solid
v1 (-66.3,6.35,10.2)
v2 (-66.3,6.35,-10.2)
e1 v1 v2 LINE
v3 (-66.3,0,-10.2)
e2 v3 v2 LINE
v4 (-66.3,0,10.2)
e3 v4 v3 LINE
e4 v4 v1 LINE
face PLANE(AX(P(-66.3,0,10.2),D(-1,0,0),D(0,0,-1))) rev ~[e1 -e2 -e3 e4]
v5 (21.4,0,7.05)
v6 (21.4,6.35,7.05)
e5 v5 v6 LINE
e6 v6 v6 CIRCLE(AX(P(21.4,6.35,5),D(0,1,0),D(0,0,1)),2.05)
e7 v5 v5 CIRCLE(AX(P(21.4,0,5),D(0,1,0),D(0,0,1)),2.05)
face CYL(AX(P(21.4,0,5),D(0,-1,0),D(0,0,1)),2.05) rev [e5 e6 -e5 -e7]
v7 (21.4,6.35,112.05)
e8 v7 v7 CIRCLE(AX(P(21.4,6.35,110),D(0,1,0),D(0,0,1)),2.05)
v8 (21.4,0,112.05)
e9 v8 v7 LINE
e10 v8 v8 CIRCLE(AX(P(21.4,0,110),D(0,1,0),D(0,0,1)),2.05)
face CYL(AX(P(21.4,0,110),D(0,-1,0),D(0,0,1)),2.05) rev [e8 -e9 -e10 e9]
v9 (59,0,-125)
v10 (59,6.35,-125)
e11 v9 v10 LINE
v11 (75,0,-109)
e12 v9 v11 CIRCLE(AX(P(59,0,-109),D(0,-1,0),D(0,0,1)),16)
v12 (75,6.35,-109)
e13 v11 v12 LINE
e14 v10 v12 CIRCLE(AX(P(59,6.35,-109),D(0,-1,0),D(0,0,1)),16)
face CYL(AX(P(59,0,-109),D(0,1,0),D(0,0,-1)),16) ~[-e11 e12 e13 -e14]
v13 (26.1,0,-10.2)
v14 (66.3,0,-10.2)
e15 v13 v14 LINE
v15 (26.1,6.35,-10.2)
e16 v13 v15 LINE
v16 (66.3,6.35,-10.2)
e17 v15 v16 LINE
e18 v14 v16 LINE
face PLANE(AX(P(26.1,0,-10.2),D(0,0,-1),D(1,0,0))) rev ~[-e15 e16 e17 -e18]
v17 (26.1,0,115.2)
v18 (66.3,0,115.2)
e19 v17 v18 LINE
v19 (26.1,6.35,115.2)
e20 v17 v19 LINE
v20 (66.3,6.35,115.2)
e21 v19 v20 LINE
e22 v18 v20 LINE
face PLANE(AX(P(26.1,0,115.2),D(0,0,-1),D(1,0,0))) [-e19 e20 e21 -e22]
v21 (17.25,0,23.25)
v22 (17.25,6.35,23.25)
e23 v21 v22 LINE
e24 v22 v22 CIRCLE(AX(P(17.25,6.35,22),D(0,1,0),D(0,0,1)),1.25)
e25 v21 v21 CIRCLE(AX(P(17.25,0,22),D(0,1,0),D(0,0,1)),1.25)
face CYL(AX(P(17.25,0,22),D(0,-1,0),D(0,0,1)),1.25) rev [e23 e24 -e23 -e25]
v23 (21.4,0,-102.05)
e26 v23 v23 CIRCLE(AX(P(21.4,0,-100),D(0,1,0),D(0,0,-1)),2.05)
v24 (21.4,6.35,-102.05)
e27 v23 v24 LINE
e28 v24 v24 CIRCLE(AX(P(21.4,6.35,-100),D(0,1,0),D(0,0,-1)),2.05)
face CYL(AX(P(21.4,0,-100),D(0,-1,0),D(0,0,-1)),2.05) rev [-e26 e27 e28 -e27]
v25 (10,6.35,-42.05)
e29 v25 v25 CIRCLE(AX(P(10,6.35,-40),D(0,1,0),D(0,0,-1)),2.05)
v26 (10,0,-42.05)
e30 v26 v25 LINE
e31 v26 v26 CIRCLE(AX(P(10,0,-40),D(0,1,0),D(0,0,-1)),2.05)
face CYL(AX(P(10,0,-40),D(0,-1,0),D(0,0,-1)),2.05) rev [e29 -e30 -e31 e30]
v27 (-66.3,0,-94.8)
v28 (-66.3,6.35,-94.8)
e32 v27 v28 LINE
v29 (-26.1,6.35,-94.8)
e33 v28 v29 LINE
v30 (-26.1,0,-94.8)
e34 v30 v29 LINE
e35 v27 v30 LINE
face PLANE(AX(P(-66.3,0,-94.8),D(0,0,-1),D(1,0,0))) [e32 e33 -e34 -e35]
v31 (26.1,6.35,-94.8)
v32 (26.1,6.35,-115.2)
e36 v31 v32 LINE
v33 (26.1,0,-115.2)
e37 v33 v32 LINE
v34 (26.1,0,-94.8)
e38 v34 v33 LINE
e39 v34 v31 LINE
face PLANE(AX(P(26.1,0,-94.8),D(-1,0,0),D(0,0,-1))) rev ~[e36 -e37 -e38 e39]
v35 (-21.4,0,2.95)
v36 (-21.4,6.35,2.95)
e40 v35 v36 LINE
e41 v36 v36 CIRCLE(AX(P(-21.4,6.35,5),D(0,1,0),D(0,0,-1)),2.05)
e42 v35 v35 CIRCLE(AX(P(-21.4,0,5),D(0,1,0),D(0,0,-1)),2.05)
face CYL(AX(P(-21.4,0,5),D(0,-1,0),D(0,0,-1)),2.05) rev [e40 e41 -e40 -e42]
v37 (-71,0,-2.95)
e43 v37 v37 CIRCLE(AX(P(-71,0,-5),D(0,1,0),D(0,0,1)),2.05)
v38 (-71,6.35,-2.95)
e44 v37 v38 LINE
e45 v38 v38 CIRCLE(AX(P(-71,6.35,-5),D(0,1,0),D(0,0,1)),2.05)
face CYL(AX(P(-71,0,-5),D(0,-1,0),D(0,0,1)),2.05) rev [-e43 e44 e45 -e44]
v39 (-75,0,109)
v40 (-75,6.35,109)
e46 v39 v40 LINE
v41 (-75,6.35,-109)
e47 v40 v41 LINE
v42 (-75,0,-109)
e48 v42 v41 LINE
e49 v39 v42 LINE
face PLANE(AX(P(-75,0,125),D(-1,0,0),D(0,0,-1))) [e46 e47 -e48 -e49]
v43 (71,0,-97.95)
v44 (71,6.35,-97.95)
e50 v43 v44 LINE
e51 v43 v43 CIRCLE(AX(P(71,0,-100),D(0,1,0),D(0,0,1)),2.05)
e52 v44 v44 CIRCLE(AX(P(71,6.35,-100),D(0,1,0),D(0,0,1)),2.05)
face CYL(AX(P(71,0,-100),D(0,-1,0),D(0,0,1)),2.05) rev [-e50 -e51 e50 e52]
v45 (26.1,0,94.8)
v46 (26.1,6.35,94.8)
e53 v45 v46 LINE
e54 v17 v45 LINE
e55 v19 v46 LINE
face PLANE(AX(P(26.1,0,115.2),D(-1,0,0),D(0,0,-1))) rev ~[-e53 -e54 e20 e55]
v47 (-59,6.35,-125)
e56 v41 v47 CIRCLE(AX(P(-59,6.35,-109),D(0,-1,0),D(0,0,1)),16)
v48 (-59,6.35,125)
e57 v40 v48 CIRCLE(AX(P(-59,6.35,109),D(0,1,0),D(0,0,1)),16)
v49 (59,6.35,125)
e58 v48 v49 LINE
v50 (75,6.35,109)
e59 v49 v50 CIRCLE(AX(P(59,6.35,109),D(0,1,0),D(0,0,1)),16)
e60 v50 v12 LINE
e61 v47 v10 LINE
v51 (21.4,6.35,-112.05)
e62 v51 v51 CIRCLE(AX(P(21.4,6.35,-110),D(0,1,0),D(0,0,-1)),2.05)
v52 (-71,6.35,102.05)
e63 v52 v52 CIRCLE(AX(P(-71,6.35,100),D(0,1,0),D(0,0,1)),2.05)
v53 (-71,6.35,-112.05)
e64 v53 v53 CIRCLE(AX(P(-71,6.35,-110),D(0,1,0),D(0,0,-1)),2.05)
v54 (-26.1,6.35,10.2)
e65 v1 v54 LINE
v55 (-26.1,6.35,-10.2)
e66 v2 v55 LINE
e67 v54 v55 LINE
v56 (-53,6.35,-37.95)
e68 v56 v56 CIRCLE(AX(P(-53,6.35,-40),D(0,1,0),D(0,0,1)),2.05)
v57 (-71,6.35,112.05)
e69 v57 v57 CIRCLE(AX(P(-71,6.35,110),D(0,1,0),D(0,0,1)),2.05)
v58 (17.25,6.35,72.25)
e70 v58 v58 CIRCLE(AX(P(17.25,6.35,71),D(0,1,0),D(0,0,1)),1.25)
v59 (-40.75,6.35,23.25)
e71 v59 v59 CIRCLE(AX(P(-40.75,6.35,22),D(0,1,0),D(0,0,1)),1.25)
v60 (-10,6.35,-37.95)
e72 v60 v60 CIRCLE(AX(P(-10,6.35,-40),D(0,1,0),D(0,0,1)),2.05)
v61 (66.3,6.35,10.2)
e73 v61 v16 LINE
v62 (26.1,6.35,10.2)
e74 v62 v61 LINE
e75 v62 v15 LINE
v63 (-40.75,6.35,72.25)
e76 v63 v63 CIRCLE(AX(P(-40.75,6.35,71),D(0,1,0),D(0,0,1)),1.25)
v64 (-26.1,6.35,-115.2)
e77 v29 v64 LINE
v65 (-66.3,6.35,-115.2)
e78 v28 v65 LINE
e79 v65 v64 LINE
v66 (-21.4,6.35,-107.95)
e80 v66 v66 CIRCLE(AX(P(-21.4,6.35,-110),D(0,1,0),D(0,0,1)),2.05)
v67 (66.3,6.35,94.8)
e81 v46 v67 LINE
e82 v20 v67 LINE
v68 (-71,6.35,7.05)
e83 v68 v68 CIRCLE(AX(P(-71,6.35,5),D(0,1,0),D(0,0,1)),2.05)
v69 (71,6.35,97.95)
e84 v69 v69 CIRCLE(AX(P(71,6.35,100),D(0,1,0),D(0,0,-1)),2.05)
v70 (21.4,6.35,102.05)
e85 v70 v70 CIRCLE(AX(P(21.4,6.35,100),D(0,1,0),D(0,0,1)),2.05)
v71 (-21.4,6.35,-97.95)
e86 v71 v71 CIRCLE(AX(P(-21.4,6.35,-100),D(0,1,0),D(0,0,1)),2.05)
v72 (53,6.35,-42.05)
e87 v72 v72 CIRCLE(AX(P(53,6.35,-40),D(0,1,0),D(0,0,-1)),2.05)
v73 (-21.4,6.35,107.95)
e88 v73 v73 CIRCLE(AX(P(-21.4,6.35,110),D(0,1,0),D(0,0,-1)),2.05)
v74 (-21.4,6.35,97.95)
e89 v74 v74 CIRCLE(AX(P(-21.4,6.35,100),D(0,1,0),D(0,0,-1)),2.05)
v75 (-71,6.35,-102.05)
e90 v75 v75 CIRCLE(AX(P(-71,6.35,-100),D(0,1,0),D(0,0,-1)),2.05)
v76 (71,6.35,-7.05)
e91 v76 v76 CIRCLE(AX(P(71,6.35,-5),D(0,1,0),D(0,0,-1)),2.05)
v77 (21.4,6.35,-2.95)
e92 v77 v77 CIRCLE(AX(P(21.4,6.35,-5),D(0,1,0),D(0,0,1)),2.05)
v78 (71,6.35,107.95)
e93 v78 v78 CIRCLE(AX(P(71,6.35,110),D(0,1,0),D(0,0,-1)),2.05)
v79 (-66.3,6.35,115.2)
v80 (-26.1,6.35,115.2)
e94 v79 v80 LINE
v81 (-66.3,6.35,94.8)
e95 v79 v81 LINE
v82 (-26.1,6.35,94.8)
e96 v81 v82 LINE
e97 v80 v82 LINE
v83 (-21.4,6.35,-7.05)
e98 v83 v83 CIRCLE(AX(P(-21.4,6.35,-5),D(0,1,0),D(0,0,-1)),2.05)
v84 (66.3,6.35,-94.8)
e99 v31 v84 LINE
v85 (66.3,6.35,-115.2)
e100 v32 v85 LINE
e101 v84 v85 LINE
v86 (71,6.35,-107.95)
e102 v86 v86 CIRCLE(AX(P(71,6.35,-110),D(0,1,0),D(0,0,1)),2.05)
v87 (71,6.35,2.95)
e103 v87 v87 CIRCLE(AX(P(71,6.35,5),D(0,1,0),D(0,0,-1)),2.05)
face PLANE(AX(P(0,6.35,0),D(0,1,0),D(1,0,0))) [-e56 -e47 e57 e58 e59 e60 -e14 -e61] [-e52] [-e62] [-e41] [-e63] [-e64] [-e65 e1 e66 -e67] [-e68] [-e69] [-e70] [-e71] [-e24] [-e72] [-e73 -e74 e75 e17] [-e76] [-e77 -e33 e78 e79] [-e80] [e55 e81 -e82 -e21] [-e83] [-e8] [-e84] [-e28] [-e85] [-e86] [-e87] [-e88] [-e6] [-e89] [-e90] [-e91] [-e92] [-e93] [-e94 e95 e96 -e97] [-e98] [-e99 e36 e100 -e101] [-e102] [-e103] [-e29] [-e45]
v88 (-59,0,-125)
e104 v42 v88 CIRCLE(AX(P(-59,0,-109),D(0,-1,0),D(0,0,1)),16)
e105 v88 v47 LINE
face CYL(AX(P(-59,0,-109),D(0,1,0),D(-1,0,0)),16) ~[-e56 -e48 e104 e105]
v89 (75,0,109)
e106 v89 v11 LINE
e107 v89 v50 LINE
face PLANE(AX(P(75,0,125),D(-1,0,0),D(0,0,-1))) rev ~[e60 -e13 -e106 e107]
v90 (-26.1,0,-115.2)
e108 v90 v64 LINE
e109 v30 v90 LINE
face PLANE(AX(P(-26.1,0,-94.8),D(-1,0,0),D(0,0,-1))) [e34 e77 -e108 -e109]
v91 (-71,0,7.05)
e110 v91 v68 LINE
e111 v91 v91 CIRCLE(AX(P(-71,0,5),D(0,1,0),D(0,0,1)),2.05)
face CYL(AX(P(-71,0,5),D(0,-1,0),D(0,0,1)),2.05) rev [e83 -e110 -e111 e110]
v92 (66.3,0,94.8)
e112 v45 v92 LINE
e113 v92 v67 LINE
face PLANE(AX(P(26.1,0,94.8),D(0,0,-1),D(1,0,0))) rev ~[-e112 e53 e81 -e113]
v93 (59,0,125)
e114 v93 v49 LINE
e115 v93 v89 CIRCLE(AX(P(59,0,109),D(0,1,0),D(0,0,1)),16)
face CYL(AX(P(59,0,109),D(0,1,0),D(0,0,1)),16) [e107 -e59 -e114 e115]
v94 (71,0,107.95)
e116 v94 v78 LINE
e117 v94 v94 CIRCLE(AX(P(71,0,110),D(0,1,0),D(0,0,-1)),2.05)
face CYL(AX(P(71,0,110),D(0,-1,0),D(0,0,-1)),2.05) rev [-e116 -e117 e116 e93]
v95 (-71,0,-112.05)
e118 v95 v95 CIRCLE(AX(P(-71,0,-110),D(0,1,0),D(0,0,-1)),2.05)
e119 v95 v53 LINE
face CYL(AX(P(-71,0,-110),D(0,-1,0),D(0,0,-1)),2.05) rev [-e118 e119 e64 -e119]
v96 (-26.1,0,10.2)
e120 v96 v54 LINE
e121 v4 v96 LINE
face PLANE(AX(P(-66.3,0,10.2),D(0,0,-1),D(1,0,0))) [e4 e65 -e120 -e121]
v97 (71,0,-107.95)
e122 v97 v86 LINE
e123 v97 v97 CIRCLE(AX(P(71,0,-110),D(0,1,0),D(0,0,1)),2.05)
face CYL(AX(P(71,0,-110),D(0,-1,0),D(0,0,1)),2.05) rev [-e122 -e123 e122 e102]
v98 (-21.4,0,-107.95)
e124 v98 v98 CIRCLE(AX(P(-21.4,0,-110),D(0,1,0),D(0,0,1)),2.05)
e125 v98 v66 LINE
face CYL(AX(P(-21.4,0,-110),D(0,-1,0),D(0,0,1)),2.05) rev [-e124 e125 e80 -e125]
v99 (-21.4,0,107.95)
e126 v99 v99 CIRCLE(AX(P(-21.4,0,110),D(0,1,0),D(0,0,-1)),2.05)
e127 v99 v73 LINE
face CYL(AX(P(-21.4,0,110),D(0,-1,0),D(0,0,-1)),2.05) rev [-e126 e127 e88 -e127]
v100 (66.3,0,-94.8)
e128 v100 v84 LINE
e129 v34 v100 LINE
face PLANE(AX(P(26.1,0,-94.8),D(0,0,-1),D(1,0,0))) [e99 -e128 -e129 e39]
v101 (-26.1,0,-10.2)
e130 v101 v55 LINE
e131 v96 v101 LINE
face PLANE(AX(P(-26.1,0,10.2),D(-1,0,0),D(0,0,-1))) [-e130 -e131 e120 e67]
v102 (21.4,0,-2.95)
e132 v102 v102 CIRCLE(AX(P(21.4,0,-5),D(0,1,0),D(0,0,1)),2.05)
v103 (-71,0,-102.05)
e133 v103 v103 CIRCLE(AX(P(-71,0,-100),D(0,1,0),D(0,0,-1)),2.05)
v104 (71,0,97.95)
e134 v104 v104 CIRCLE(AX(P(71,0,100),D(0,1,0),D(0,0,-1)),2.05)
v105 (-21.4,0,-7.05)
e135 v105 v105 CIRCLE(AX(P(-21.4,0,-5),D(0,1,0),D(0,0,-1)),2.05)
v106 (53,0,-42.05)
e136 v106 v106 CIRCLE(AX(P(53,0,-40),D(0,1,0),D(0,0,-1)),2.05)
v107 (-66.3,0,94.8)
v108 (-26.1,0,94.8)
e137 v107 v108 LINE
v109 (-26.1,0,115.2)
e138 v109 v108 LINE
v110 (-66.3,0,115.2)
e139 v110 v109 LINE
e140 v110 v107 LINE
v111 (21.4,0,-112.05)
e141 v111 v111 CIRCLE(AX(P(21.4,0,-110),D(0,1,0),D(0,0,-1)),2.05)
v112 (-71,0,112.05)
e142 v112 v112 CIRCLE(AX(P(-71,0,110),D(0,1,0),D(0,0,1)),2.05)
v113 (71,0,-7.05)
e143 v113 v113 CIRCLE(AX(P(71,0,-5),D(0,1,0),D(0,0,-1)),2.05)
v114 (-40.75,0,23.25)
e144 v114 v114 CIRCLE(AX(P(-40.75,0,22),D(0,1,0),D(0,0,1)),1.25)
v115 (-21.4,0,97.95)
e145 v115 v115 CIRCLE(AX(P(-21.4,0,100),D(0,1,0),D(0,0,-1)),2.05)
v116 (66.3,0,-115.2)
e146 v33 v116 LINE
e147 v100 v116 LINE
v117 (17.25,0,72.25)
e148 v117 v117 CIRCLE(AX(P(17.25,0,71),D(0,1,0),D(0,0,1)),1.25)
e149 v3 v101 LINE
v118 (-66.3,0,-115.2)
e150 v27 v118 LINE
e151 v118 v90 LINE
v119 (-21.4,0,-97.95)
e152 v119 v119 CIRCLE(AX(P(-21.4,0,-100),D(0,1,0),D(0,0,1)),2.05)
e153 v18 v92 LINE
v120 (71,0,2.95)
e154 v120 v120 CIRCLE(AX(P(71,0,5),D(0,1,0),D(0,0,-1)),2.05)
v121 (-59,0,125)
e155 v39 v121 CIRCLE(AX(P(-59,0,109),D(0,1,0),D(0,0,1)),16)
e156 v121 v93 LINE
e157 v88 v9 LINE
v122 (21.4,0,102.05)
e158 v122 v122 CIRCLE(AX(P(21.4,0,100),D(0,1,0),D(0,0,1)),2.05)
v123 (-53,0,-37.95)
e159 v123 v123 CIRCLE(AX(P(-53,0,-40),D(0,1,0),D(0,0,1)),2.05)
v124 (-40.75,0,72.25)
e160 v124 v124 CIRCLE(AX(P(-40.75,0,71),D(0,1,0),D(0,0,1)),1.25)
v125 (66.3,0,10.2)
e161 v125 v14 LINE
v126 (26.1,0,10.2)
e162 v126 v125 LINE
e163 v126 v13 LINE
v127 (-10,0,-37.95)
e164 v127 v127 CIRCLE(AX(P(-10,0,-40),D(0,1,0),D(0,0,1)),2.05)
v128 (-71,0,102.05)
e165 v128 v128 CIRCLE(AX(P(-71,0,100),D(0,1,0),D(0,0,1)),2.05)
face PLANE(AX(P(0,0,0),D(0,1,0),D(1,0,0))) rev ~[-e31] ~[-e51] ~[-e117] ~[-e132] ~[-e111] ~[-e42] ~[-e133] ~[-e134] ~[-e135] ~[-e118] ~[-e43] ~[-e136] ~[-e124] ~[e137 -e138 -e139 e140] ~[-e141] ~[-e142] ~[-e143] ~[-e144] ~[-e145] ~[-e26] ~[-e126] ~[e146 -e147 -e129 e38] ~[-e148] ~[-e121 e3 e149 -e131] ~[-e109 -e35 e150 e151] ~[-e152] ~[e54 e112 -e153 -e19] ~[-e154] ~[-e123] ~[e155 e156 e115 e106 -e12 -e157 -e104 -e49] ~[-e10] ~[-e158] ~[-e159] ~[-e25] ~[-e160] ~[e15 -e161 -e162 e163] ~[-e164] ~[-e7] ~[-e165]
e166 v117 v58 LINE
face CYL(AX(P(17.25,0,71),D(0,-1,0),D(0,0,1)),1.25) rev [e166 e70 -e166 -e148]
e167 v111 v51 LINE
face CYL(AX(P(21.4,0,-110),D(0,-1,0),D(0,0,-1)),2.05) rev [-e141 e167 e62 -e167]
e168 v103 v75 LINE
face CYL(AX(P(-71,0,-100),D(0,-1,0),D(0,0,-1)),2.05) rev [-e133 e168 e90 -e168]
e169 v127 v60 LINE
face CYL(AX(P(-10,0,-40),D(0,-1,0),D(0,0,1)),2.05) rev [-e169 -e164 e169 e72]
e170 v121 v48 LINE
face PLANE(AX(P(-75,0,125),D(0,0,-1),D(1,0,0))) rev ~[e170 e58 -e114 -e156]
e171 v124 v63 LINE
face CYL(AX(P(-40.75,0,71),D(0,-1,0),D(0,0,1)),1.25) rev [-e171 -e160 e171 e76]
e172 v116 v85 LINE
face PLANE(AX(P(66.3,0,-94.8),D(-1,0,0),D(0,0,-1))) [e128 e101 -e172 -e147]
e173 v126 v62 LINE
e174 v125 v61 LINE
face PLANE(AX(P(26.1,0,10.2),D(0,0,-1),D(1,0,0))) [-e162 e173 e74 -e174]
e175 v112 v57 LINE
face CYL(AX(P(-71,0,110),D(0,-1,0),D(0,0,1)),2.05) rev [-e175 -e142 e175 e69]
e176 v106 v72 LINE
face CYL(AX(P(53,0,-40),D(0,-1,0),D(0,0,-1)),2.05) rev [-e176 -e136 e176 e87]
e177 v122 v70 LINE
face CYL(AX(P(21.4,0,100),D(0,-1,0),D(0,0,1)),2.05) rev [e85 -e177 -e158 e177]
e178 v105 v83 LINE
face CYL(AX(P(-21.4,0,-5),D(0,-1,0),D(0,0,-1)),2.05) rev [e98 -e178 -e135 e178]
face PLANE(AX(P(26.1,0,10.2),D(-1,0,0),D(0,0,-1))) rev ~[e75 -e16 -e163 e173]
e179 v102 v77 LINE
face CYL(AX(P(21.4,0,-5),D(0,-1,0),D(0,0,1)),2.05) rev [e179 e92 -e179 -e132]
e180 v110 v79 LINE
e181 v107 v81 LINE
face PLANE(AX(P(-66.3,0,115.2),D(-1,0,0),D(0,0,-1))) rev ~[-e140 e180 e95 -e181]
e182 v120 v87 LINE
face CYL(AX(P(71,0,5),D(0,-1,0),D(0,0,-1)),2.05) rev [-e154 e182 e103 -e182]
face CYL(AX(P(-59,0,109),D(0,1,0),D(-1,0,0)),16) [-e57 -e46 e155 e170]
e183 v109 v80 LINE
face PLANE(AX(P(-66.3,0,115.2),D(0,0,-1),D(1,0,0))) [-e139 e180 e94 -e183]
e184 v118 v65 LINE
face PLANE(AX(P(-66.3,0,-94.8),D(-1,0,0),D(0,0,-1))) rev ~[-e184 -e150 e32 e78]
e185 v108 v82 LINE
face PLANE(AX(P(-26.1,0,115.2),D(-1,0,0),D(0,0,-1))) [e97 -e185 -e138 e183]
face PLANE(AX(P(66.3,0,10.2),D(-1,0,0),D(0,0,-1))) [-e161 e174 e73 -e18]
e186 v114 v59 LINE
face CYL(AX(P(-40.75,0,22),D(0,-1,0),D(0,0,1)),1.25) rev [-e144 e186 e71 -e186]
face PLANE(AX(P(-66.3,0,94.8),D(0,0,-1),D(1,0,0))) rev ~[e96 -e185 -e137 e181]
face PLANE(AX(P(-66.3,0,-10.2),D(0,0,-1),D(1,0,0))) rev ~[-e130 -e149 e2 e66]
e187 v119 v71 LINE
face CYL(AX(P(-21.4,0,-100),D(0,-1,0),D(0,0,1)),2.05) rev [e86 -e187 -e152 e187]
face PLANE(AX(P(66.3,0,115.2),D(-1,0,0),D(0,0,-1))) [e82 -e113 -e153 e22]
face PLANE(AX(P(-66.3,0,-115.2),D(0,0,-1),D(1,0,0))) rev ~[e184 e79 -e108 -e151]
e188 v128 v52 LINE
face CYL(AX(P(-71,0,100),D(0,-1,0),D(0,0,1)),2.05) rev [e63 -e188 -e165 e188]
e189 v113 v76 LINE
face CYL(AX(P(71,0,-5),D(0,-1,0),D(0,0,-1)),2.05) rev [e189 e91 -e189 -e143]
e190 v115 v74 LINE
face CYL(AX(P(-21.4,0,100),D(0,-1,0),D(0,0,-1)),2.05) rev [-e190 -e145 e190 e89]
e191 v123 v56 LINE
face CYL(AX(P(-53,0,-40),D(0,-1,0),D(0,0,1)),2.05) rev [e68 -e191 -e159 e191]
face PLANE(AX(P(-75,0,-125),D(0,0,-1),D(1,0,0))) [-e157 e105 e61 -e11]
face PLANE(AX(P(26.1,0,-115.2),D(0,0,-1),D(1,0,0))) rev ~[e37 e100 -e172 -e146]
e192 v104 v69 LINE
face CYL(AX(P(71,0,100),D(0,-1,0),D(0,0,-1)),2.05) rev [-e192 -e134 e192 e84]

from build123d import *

# Parameters (mm, degrees)
SKETCH1_W           = 150
SKETCH1_H           = 250
SKETCH1_R           = 2.05
SKETCH1_R_2         = 1.25
SKETCH1_W_2         = 40.2
SKETCH1_H_2         = 20.4
BOSS_EXTRUDE1_DEPTH = 6.35
FILLET1_R           = 16


with BuildPart() as part:
    # Sketch1 → Boss-Extrude1 (new body)
    with BuildSketch(Plane(origin=(0, 0, 0), x_dir=(1, 0, 0), z_dir=(0, 1, 0))):
        Rectangle(SKETCH1_W, SKETCH1_H)
        with Locations(Location((-71, 5, 0), (0, 0, 270))):
            Circle(SKETCH1_R, mode=Mode.SUBTRACT)
        with Locations(Location((-71, -5, 0), (0, 0, 270))):
            Circle(SKETCH1_R, mode=Mode.SUBTRACT)
        with Locations(Location((-71, -100, 0), (0, 0, 270))):
            Circle(SKETCH1_R, mode=Mode.SUBTRACT)
        with Locations(Location((-71, -110, 0), (0, 0, 270))):
            Circle(SKETCH1_R, mode=Mode.SUBTRACT)
        with Locations(Location((-71, 110, 0), (0, 0, 90))):
            Circle(SKETCH1_R, mode=Mode.SUBTRACT)
        with Locations(Location((-71, 100, 0), (0, 0, 90))):
            Circle(SKETCH1_R, mode=Mode.SUBTRACT)
        with Locations(Location((-21.4, 100, 0), (0, 0, 270))):
            Circle(SKETCH1_R, mode=Mode.SUBTRACT)
        with Locations(Location((-21.4, 110, 0), (0, 0, 270))):
            Circle(SKETCH1_R, mode=Mode.SUBTRACT)
        with Locations(Location((-21.4, -110, 0), (0, 0, 90))):
            Circle(SKETCH1_R, mode=Mode.SUBTRACT)
        with Locations(Location((-21.4, -100, 0), (0, 0, 90))):
            Circle(SKETCH1_R, mode=Mode.SUBTRACT)
        with Locations(Location((-21.4, -5, 0), (0, 0, 90))):
            Circle(SKETCH1_R, mode=Mode.SUBTRACT)
        with Locations(Location((-21.4, 5, 0), (0, 0, 90))):
            Circle(SKETCH1_R, mode=Mode.SUBTRACT)
        with Locations(Location((21.4, 5, 0), (0, 0, 270))):
            Circle(SKETCH1_R, mode=Mode.SUBTRACT)
        with Locations(Location((21.4, -5, 0), (0, 0, 270))):
            Circle(SKETCH1_R, mode=Mode.SUBTRACT)
        with Locations(Location((21.4, -100, 0), (0, 0, 270))):
            Circle(SKETCH1_R, mode=Mode.SUBTRACT)
        with Locations(Location((21.4, -110, 0), (0, 0, 270))):
            Circle(SKETCH1_R, mode=Mode.SUBTRACT)
        with Locations(Location((21.4, 110, 0), (0, 0, 90))):
            Circle(SKETCH1_R, mode=Mode.SUBTRACT)
        with Locations(Location((21.4, 100, 0), (0, 0, 90))):
            Circle(SKETCH1_R, mode=Mode.SUBTRACT)
        with Locations(Location((71, 100, 0), (0, 0, 270))):
            Circle(SKETCH1_R, mode=Mode.SUBTRACT)
        with Locations(Location((71, 110, 0), (0, 0, 270))):
            Circle(SKETCH1_R, mode=Mode.SUBTRACT)
        with Locations(Location((71, -110, 0), (0, 0, 90))):
            Circle(SKETCH1_R, mode=Mode.SUBTRACT)
        with Locations(Location((71, -100, 0), (0, 0, 90))):
            Circle(SKETCH1_R, mode=Mode.SUBTRACT)
        with Locations(Location((71, -5, 0), (0, 0, 90))):
            Circle(SKETCH1_R, mode=Mode.SUBTRACT)
        with Locations(Location((71, 5, 0), (0, 0, 90))):
            Circle(SKETCH1_R, mode=Mode.SUBTRACT)
        with Locations(Location((-40.75, -22, 0), (0, 0, 270))):
            Circle(SKETCH1_R_2, mode=Mode.SUBTRACT)
        with Locations(Location((-40.75, -71, 0), (0, 0, 270))):
            Circle(SKETCH1_R_2, mode=Mode.SUBTRACT)
        with Locations(Location((17.25, -71, 0), (0, 0, 270))):
            Circle(SKETCH1_R_2, mode=Mode.SUBTRACT)
        with Locations(Location((17.25, -22, 0), (0, 0, 270))):
            Circle(SKETCH1_R_2, mode=Mode.SUBTRACT)
        with Locations(Location((-53, 40, 0), (0, 0, 270))):
            Circle(SKETCH1_R, mode=Mode.SUBTRACT)
        with Locations(Location((-10, 40, 0), (0, 0, 270))):
            Circle(SKETCH1_R, mode=Mode.SUBTRACT)
        with Locations(Location((10, 40, 0), (0, 0, 90))):
            Circle(SKETCH1_R, mode=Mode.SUBTRACT)
        with Locations(Location((53, 40, 0), (0, 0, 90))):
            Circle(SKETCH1_R, mode=Mode.SUBTRACT)
        with Locations((-46.2, -105)):
            Rectangle(SKETCH1_W_2, SKETCH1_H_2, mode=Mode.SUBTRACT)
        with Locations((46.2, -105)):
            Rectangle(SKETCH1_W_2, SKETCH1_H_2, mode=Mode.SUBTRACT)
        with Locations((-46.2, 105)):
            Rectangle(SKETCH1_W_2, SKETCH1_H_2, mode=Mode.SUBTRACT)
        with Locations((46.2, 105)):
            Rectangle(SKETCH1_W_2, SKETCH1_H_2, mode=Mode.SUBTRACT)
        with Locations((-46.2, 0)):
            Rectangle(SKETCH1_W_2, SKETCH1_H_2, mode=Mode.SUBTRACT)
        with Locations((46.2, 0)):
            Rectangle(SKETCH1_W_2, SKETCH1_H_2, mode=Mode.SUBTRACT)
    extrude(amount=BOSS_EXTRUDE1_DEPTH)

    # Fillet1
    fillet1_edges = [part.edges().sort_by_distance(p)[0] for p in [
        (75, 3.175, 125),
        (-75, 3.175, 125),
        (-75, 3.175, -125),
        (75, 3.175, -125),
    ]]
    fillet(fillet1_edges, radius=FILLET1_R)


solid = part.part
